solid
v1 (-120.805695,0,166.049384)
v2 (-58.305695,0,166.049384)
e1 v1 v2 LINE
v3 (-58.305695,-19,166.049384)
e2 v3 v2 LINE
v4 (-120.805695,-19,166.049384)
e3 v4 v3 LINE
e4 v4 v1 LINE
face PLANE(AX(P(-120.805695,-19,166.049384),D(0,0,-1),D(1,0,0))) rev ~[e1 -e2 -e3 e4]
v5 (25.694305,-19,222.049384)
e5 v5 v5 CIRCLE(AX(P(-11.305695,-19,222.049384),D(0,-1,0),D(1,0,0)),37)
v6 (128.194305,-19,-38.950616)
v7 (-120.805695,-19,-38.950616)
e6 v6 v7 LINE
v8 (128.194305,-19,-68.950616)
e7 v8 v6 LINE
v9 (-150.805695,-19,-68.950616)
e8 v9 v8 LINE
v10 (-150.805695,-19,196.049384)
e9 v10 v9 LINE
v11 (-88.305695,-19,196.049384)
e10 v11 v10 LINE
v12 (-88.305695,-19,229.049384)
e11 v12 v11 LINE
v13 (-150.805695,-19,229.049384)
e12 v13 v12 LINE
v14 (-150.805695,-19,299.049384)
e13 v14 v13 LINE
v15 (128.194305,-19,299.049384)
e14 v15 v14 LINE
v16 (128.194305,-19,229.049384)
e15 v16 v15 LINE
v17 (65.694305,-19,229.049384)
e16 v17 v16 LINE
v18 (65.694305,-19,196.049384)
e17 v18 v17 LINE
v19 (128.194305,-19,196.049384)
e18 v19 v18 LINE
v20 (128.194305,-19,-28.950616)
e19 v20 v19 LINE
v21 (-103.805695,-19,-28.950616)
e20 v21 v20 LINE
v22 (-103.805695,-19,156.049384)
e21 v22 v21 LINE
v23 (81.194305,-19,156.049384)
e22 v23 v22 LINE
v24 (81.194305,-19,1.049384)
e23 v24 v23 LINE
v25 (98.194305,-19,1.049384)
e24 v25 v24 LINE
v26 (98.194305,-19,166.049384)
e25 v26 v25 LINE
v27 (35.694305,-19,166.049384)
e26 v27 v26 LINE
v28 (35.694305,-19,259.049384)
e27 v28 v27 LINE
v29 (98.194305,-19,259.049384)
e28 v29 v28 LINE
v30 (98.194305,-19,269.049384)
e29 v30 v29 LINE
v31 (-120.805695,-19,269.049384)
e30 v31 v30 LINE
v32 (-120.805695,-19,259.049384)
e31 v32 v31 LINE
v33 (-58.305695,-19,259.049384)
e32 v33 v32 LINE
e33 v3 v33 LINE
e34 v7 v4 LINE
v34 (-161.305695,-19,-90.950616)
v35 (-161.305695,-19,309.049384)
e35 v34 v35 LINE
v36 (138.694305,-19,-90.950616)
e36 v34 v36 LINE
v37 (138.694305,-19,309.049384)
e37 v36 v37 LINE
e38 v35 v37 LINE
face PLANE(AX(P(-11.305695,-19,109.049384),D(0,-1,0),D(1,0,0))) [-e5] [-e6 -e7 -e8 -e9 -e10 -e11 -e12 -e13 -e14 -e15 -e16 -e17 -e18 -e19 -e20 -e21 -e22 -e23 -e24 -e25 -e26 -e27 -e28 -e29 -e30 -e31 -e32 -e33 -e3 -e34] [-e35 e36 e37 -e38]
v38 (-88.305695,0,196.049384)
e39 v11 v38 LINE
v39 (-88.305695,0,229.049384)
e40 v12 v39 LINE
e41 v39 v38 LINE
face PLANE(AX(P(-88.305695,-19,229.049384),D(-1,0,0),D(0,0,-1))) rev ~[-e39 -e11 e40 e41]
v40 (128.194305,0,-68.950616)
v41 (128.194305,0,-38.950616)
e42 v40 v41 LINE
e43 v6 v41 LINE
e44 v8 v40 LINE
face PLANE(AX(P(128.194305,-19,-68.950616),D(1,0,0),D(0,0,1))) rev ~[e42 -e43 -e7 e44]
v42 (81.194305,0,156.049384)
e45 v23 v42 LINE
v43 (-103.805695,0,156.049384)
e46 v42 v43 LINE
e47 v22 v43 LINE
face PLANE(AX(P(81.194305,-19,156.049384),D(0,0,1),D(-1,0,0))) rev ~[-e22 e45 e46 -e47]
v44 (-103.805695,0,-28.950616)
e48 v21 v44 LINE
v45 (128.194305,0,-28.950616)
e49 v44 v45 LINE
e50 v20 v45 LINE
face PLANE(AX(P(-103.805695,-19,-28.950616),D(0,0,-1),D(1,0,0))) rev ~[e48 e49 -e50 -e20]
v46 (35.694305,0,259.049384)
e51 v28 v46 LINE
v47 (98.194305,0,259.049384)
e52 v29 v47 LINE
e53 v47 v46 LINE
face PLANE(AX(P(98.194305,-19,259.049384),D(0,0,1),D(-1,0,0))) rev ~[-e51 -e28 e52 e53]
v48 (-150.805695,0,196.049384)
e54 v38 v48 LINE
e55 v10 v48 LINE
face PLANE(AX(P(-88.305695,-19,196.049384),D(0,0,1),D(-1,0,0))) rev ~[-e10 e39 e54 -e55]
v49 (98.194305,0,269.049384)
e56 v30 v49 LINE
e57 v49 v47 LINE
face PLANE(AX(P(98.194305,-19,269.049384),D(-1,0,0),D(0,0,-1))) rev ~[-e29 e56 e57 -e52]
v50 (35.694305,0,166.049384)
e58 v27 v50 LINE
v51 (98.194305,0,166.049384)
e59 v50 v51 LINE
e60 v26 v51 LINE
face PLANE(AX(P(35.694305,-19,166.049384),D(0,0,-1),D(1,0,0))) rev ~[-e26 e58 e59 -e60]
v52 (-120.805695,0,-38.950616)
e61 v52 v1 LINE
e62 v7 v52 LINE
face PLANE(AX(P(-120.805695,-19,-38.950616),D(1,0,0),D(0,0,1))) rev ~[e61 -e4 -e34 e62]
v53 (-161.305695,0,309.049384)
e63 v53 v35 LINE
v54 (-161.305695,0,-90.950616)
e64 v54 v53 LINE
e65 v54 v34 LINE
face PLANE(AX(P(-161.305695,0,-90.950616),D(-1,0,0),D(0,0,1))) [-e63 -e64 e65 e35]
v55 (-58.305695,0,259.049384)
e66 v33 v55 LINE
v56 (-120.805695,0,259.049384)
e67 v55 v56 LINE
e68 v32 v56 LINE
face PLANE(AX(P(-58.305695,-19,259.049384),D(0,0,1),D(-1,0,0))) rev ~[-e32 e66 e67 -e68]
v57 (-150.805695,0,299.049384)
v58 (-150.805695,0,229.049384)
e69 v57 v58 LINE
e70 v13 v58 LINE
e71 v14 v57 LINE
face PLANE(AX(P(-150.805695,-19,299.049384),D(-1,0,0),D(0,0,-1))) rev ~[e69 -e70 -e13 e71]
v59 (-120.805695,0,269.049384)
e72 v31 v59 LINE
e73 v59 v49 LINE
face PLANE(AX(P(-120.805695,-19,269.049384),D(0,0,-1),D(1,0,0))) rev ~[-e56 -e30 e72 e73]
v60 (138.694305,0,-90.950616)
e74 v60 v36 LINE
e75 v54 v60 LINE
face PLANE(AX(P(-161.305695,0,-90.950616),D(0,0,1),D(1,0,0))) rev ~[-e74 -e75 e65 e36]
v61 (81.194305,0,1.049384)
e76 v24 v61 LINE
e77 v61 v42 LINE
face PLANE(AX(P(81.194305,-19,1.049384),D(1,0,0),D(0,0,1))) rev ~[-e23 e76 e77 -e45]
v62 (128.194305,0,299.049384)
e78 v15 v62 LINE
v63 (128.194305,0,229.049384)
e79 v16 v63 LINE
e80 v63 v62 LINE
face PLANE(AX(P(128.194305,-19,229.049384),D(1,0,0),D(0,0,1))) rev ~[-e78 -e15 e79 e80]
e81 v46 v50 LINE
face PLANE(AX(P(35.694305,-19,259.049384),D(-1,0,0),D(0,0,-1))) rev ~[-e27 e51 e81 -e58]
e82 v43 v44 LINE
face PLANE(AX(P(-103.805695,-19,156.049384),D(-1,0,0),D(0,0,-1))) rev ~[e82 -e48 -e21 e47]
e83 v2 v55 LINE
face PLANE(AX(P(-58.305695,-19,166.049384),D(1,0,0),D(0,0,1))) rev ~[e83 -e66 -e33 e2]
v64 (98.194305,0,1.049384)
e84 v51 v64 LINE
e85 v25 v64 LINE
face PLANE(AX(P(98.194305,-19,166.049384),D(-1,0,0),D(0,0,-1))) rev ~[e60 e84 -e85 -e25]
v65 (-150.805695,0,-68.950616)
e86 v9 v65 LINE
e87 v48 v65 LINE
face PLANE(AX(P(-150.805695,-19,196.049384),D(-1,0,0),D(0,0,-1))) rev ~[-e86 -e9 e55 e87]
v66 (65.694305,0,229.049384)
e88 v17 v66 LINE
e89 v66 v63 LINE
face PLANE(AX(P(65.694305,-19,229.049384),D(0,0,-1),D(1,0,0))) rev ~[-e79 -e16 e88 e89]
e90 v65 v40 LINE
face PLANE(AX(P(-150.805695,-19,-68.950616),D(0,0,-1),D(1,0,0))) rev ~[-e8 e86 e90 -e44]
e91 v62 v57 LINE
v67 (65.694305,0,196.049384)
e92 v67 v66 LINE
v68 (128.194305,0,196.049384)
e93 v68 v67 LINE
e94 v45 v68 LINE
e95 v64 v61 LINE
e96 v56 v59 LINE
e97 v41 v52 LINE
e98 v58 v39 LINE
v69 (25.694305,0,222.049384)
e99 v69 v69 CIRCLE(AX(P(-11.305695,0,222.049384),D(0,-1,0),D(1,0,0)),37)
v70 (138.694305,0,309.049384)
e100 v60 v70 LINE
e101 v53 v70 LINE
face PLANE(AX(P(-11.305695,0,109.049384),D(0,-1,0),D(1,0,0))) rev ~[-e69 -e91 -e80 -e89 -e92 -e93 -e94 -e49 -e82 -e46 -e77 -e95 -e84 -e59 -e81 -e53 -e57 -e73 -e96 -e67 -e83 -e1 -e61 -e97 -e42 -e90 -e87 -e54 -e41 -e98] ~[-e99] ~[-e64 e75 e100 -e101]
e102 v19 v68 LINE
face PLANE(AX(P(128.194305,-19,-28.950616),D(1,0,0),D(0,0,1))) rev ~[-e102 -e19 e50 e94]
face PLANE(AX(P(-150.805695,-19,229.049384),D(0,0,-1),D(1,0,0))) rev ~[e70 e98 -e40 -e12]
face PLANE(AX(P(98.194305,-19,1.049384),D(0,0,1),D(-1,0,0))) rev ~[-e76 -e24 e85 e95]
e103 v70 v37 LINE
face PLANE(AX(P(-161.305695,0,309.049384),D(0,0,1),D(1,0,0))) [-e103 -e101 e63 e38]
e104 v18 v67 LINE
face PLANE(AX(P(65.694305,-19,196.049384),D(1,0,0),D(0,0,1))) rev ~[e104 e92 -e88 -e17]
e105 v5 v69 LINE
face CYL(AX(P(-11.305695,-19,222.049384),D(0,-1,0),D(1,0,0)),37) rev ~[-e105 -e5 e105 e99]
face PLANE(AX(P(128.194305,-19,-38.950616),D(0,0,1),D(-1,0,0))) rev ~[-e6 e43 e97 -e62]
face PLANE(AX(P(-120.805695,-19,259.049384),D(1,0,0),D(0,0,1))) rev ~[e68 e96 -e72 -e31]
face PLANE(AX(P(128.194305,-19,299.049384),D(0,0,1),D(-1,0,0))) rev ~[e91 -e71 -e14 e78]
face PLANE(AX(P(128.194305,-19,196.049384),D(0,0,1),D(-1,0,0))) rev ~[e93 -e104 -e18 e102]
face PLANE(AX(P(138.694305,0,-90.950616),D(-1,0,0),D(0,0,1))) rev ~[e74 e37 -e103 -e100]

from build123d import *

# Parameters (mm, degrees)
F0_W     = 300
F0_H     = 400
F1_DEPTH = 19
F2_R     = 37
F3_DEPTH = 19


with BuildPart() as f1:
    # F0 (on Front) → F1 (new body)
    with BuildSketch(Plane.XZ):
        with Locations((-11.305695, 109.049384)):
            Rectangle(F0_W, F0_H)
    extrude(amount=F1_DEPTH)

    # F2 (on face) → F3 (cut)
    with BuildSketch(Plane.XZ.offset(19)):
        with Locations((-11.305695, 222.049384)):
            Circle(F2_R)
        Polygon((128.194305, -68.950616), (128.194305, -38.950616), (-120.805695, -38.950616), (-120.805695, 166.049384), (-58.305695, 166.049384), (-58.305695, 259.049384), (-120.805695, 259.049384), (-120.805695, 269.049384), (98.194305, 269.049384), (98.194305, 259.049384), (35.694305, 259.049384), (35.694305, 166.049384), (98.194305, 166.049384), (98.194305, 1.049384), (81.194305, 1.049384), (81.194305, 156.049384), (-103.805695, 156.049384), (-103.805695, -28.950616), (128.194305, -28.950616), (128.194305, 196.049384), (65.694305, 196.049384), (65.694305, 229.049384), (128.194305, 229.049384), (128.194305, 299.049384), (-150.805695, 299.049384), (-150.805695, 229.049384), (-88.305695, 229.049384), (-88.305695, 196.049384), (-150.805695, 196.049384), (-150.805695, -68.950616), align=None)
    extrude(amount=-F3_DEPTH, mode=Mode.SUBTRACT)


solid = f1.part
